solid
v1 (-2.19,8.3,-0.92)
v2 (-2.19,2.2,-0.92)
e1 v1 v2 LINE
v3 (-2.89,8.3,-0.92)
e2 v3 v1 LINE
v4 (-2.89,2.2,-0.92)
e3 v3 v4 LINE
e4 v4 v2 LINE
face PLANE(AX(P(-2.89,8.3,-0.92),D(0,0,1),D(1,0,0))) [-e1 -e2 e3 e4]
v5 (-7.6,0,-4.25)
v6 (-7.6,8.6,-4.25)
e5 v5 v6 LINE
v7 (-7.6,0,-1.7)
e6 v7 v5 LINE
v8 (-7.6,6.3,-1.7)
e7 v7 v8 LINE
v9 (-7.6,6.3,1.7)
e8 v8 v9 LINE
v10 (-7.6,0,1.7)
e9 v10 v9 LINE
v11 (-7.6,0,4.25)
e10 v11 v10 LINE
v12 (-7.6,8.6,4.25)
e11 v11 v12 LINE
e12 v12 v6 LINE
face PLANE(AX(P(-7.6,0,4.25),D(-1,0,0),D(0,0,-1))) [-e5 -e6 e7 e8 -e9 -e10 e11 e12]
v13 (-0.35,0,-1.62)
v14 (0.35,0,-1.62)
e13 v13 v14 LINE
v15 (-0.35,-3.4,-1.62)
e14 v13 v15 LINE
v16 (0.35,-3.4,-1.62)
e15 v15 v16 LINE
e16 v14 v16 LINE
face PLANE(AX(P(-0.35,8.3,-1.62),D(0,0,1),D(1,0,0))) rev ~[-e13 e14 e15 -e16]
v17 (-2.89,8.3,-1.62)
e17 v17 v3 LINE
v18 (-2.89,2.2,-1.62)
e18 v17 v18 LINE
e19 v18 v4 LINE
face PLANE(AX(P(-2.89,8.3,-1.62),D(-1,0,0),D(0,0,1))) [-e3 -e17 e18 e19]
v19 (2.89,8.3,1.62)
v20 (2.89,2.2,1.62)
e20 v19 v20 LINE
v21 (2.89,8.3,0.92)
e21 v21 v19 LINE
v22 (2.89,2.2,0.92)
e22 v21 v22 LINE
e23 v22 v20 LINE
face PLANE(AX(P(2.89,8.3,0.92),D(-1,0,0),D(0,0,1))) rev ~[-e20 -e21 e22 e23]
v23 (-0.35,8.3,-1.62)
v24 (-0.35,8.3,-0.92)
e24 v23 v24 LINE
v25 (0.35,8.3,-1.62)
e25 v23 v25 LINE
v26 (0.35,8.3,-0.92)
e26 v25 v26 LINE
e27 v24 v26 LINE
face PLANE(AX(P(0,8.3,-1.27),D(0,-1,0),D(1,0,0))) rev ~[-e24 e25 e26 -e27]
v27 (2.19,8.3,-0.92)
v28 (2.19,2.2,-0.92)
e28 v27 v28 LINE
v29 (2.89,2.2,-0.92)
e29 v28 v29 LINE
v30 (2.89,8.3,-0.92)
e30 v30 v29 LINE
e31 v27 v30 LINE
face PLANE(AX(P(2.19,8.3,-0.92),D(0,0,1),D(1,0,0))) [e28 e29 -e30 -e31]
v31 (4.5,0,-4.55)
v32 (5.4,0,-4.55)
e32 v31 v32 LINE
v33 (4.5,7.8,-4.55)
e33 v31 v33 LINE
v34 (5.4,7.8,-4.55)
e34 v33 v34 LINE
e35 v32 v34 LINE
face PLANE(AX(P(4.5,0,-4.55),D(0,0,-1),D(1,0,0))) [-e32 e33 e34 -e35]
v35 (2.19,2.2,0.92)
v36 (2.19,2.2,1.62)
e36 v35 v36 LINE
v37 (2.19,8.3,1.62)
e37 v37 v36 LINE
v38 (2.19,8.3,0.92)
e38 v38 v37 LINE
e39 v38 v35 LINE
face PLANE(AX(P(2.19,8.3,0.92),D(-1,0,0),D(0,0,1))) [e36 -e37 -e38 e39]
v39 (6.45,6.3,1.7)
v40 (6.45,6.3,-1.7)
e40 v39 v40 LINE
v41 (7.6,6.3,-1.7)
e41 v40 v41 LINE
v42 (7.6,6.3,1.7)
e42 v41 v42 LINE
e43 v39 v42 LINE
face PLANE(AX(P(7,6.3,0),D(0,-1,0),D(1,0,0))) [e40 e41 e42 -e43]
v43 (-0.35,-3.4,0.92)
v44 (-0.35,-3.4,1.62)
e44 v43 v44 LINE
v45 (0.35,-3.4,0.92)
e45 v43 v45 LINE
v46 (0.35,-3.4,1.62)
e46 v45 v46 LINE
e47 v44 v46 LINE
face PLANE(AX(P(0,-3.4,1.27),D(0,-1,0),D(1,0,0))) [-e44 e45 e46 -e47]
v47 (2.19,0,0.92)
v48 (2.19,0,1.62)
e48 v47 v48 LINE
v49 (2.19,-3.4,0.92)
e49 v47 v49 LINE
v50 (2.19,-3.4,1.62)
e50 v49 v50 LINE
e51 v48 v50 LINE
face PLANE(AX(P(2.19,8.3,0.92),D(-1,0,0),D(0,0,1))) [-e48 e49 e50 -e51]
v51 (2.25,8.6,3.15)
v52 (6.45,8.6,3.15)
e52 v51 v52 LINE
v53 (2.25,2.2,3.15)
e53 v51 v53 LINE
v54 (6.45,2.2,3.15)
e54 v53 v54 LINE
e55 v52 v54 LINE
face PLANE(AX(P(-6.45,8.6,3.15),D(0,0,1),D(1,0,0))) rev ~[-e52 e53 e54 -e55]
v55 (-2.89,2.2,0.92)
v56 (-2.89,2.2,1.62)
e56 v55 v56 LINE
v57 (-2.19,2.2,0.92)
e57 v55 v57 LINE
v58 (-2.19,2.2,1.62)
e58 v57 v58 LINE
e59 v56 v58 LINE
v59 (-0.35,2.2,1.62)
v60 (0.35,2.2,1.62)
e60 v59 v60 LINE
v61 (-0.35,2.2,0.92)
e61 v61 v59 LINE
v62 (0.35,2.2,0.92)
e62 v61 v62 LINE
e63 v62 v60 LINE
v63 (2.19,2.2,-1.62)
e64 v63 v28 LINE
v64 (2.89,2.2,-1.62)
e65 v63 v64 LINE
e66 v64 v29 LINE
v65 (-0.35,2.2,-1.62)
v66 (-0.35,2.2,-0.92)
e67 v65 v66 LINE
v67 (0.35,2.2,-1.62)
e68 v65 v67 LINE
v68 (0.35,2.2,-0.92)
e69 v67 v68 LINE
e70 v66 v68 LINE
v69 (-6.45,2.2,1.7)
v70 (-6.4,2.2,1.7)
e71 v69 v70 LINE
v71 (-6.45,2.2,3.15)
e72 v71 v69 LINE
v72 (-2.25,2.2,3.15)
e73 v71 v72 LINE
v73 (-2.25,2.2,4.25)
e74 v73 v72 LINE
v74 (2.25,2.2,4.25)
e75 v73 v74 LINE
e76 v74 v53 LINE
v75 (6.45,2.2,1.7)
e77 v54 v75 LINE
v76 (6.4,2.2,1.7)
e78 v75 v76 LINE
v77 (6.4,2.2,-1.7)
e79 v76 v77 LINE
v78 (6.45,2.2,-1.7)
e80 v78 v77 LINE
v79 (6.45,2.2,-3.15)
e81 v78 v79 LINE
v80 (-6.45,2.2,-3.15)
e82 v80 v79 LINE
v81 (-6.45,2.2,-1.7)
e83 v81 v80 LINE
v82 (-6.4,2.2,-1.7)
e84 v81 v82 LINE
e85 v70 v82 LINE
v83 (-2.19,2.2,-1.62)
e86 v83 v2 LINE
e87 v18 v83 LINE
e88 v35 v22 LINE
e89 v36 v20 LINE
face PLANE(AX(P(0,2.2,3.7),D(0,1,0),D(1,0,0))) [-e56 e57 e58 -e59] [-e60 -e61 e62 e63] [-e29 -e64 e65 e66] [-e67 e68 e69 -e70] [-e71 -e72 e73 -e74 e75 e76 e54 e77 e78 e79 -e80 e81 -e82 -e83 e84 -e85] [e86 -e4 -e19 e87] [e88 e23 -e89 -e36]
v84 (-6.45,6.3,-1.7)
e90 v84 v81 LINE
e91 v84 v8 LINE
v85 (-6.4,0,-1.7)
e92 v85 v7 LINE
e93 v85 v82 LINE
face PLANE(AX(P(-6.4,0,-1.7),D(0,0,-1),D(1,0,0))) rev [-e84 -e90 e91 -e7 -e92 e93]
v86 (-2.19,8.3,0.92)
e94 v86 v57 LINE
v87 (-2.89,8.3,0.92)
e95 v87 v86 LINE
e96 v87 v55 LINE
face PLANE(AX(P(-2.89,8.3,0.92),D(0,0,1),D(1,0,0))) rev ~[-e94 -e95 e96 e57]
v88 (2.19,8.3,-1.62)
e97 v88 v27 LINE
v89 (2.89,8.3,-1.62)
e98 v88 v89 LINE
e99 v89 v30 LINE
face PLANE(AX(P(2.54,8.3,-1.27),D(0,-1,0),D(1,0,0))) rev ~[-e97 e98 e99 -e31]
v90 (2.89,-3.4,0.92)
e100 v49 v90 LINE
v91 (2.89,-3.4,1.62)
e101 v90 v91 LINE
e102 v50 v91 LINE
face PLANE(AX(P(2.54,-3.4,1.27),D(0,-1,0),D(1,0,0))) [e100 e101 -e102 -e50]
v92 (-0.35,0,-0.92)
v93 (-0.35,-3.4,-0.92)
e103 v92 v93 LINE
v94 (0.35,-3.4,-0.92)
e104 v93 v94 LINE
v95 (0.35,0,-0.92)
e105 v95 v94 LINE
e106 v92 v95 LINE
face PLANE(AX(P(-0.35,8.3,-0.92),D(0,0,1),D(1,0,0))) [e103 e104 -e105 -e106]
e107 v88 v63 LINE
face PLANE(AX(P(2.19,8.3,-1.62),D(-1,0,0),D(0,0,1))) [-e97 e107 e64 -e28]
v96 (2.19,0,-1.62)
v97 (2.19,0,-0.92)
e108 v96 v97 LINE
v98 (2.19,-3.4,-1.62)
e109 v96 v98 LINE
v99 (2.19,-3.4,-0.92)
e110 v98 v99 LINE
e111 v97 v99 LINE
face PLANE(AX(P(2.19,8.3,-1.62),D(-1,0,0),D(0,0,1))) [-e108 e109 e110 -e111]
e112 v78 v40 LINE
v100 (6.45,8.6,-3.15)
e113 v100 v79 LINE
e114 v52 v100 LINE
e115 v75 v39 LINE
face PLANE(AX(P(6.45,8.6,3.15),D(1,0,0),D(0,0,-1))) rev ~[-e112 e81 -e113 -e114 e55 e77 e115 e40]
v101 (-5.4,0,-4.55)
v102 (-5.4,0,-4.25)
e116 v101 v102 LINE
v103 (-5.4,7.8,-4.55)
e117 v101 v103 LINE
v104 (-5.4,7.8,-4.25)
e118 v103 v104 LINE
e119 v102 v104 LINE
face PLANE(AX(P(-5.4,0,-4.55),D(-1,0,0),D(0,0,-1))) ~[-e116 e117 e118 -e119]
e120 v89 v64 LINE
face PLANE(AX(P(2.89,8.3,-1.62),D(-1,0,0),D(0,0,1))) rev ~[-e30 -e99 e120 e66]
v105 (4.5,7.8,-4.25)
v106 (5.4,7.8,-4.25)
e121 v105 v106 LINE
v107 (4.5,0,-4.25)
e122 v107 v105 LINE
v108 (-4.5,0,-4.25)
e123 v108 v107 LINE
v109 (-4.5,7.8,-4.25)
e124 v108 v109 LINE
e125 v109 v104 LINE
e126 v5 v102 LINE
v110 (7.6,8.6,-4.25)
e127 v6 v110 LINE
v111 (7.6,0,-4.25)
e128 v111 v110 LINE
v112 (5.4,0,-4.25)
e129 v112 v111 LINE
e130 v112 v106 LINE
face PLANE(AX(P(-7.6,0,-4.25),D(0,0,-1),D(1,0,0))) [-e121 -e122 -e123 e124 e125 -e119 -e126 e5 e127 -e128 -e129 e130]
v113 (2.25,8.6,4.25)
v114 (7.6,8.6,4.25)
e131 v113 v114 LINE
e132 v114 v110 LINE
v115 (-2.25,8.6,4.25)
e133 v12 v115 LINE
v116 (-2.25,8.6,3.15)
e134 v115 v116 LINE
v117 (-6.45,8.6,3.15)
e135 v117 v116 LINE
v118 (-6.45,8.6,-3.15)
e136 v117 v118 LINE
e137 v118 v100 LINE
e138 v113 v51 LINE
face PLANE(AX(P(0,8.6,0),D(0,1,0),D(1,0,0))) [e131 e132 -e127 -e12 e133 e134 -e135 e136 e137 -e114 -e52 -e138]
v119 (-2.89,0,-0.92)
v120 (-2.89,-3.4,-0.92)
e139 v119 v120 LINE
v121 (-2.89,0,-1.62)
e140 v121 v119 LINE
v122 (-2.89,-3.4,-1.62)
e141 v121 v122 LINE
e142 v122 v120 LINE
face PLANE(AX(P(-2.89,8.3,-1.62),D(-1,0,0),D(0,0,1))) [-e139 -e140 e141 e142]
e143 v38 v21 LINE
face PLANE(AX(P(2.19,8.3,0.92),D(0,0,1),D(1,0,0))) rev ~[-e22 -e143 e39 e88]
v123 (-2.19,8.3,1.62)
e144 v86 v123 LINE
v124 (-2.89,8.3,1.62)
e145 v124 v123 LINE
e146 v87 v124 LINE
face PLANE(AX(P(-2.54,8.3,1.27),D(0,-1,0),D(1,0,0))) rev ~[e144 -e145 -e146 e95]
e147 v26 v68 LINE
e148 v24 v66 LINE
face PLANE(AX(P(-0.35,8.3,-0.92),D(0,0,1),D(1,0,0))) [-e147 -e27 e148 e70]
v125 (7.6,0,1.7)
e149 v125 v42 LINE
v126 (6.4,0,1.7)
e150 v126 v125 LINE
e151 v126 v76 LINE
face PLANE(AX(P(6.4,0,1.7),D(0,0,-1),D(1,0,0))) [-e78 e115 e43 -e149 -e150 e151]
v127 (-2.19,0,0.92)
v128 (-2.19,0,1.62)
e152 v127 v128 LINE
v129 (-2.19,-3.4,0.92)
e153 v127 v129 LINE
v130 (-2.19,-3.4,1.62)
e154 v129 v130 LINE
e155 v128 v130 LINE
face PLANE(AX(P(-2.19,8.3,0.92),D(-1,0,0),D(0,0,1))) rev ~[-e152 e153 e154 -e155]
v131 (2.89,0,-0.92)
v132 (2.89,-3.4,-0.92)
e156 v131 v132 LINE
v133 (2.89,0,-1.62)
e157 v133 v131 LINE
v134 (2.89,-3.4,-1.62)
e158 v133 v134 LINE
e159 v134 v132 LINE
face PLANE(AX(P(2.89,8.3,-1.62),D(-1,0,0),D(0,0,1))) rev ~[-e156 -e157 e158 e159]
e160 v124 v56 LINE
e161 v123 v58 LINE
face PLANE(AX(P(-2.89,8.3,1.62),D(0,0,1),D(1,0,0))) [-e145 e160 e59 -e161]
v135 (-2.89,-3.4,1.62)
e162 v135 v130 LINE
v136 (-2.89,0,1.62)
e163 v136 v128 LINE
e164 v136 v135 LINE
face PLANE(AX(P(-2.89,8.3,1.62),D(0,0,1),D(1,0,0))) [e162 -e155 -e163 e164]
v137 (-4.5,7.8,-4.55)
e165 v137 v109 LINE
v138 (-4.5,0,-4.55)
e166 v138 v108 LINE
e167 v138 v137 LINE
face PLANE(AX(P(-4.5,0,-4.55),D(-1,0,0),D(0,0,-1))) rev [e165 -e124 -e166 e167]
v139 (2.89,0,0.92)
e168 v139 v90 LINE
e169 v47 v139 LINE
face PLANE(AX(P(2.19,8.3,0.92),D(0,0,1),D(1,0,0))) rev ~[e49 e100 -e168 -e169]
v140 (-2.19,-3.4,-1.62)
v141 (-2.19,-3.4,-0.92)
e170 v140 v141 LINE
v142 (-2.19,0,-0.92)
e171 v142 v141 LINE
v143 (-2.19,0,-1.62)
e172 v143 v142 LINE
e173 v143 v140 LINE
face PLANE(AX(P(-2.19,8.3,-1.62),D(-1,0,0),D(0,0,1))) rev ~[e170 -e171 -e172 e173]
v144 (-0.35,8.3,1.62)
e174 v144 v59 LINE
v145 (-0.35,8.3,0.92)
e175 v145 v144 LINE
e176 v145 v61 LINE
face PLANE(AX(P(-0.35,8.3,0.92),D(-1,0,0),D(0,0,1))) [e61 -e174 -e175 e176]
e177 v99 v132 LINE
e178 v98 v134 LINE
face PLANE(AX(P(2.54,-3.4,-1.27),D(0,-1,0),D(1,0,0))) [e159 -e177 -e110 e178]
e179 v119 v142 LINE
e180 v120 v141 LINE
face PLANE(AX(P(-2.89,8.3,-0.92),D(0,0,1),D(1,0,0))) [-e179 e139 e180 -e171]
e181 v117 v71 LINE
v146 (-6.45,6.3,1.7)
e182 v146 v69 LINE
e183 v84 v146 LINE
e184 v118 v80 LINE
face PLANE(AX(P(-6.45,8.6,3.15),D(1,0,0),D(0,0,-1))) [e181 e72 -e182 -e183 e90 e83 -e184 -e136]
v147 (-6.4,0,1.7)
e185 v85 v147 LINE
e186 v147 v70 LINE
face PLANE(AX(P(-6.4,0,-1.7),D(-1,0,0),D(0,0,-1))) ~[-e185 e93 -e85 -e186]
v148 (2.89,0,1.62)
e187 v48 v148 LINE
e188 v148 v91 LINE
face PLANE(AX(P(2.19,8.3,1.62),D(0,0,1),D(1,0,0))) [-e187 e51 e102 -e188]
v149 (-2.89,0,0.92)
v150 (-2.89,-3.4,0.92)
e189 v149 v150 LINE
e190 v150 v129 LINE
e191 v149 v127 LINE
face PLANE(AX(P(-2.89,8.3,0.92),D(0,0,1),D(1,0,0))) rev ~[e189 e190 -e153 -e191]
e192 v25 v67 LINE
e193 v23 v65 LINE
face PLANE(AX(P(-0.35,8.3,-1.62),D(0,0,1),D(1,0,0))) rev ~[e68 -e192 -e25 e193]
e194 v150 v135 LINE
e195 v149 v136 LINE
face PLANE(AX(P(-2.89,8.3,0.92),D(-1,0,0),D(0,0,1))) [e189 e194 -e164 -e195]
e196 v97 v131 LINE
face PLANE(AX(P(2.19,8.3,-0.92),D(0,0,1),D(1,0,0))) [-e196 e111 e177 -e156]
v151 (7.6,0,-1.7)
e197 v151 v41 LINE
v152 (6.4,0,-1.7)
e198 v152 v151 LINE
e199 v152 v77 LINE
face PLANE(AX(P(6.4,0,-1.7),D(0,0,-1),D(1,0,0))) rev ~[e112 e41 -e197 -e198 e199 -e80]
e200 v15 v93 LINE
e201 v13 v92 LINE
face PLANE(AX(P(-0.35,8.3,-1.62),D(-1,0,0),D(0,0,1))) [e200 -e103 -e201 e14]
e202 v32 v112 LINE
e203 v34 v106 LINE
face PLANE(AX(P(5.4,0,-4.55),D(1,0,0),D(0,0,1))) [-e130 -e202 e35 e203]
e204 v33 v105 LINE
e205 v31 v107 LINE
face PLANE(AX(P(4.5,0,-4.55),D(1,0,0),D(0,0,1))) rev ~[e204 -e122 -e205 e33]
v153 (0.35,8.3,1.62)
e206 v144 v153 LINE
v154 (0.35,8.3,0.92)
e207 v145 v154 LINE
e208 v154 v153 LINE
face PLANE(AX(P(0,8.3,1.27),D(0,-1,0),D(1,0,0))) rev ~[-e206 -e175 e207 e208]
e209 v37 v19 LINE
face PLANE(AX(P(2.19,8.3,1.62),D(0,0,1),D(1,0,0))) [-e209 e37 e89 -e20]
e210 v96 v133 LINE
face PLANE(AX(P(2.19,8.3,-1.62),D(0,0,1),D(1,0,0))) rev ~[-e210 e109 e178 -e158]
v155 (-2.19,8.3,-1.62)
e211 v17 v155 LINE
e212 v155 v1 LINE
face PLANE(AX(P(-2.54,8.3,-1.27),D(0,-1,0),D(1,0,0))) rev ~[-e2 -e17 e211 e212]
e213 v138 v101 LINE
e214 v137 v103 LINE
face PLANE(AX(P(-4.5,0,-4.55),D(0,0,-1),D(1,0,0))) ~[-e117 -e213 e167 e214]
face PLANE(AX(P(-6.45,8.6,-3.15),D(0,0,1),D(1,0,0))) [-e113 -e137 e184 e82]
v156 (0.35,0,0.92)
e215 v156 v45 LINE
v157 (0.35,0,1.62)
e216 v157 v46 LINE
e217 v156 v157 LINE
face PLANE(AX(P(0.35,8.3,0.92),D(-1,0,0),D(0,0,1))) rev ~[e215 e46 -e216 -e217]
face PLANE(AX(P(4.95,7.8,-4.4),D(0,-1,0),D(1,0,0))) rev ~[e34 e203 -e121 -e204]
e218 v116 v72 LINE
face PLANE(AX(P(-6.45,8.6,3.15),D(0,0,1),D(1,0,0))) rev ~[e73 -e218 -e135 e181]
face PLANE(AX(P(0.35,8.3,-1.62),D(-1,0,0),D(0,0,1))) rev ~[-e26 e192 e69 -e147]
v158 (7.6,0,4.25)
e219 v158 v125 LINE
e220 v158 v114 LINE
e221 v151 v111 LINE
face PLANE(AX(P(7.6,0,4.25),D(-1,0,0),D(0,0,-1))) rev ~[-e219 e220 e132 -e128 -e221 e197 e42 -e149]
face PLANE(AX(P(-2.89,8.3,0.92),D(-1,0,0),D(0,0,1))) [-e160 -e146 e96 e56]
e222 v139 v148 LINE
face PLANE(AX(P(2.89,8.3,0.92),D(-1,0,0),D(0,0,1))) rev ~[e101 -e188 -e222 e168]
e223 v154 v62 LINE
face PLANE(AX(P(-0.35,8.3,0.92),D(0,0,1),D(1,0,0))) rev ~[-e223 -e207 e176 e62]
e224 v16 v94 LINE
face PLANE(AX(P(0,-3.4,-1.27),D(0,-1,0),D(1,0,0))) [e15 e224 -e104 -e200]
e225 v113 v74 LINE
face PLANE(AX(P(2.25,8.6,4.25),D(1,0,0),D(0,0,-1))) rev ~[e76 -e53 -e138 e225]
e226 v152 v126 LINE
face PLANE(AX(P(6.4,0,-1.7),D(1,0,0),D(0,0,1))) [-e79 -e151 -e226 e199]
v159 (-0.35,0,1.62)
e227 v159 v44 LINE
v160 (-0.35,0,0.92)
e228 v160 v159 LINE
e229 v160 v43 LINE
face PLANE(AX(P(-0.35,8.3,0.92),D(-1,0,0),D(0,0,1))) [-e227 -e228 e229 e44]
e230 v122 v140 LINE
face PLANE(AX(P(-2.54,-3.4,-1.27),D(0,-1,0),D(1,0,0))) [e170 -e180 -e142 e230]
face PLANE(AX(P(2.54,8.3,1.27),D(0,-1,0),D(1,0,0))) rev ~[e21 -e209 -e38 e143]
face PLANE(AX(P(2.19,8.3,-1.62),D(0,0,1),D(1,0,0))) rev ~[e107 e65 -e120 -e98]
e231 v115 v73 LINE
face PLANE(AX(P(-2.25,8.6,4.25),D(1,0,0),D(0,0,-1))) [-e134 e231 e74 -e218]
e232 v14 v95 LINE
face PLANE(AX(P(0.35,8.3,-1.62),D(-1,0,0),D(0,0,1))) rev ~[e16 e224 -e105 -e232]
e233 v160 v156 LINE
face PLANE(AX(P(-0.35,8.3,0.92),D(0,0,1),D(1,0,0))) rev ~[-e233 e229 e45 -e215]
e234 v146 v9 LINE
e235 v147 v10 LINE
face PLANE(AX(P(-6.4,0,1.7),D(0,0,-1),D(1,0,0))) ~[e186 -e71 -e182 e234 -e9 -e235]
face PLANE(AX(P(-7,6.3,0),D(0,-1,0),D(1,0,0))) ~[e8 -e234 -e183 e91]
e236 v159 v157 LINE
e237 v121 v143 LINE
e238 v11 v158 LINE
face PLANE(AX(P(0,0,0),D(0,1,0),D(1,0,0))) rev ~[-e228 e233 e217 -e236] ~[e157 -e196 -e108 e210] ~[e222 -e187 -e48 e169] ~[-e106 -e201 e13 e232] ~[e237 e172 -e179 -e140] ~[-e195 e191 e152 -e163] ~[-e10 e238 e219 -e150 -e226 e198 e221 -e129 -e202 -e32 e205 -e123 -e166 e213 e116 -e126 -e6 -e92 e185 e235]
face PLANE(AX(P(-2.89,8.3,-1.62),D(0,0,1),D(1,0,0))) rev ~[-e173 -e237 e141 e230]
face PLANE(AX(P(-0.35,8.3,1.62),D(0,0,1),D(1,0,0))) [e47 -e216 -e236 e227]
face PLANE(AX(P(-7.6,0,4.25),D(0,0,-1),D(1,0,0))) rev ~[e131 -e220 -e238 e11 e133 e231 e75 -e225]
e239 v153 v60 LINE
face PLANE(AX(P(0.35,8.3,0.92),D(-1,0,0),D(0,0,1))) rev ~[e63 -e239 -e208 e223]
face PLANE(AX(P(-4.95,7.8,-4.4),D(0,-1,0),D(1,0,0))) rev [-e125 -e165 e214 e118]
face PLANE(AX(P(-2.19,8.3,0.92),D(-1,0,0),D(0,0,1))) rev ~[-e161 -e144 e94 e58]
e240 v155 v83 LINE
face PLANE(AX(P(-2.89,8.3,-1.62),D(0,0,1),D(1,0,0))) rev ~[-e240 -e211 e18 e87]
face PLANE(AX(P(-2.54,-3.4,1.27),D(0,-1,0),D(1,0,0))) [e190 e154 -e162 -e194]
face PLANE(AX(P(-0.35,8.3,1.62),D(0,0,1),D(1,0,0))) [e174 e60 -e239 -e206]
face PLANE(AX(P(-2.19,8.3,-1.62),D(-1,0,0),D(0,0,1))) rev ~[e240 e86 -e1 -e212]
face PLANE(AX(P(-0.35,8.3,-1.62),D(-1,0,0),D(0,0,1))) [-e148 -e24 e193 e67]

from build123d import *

# Parameters (mm, degrees)
SKETCH1_W            = 15.2
SKETCH1_H            = 8.5
BOSS_EXTRUDE1_DEPTH  = 8.6
SKETCH2_W            = 12.9
SKETCH2_H            = 6.3
CUT_EXTRUDE1_DEPTH   = 6.4
SKETCH3_W            = 4.5
SKETCH3_H            = 1.1
CUT_EXTRUDE2_DEPTH   = 6.4
SKETCH4_W            = 1.2
SKETCH4_H            = 3.4
CUT_EXTRUDE3_DEPTH   = 6.3
SKETCH6_W            = 0.9
SKETCH6_H            = 0.3
BOSS_EXTRUDE2_DEPTH  = 7.8
BOSS_EXTRUDE3_START  = -8.3
SKETCH7_W            = 0.7
SKETCH7_H            = 0.7
BOSS_EXTRUDE3_DEPTH  = 11.7
LPATTERN1_COUNT      = 3
LPATTERN1_PITCH      = 2.54
LPATTERN1_COUNT_DIR2 = 2
LPATTERN1_PITCH_DIR2 = 2.54


with BuildPart() as part:
    # Sketch1 → Boss-Extrude1 (new body)
    with BuildSketch(Plane(origin=(0, 0, 0), x_dir=(1, 0, 0), z_dir=(0, 1, 0))):
        Rectangle(SKETCH1_W, SKETCH1_H)
    extrude(amount=BOSS_EXTRUDE1_DEPTH)

    # Sketch2 → Cut-Extrude1 (cut)
    with BuildSketch(Plane(origin=(0, 8.6, 0), x_dir=(1, 0, 0), z_dir=(0, 1, 0))):
        Rectangle(SKETCH2_W, SKETCH2_H)
    extrude(amount=-CUT_EXTRUDE1_DEPTH, mode=Mode.SUBTRACT)

    # Sketch3 → Cut-Extrude2 (cut)
    with BuildSketch(Plane(origin=(0, 8.6, 0), x_dir=(1, 0, 0), z_dir=(0, 1, 0))):
        with Locations((0, -3.7)):
            Rectangle(SKETCH3_W, SKETCH3_H)
    extrude(amount=-CUT_EXTRUDE2_DEPTH, mode=Mode.SUBTRACT)

    # Sketch4 → Cut-Extrude3 (cut)
    with BuildSketch(Plane.XZ):
        with Locations((7, 0)):
            Rectangle(SKETCH4_W, SKETCH4_H)
    cut_extrude3 = extrude(amount=-CUT_EXTRUDE3_DEPTH, mode=Mode.SUBTRACT)

    # Sketch6 → Boss-Extrude2 (add)
    with BuildSketch(Plane.XZ):
        with Locations((4.95, -4.4)):
            Rectangle(SKETCH6_W, SKETCH6_H)
    boss_extrude2 = extrude(amount=-BOSS_EXTRUDE2_DEPTH)

    # Mirror1: Cut-Extrude3, Boss-Extrude2 across plane
    add(cut_extrude3.mirror(Plane(origin=(0, 0, 0), x_dir=(0, 0, 1), z_dir=(1, 0, 0))), mode=Mode.SUBTRACT)
    add(boss_extrude2.mirror(Plane(origin=(0, 0, 0), x_dir=(0, 0, 1), z_dir=(1, 0, 0))))

    # Sketch7 → Boss-Extrude3 (add)
    with BuildSketch(Plane.XZ.offset(BOSS_EXTRUDE3_START)):
        with Locations((-2.54, -1.27)):
            Rectangle(SKETCH7_W, SKETCH7_H)
    boss_extrude3 = extrude(amount=BOSS_EXTRUDE3_DEPTH)

    # LPattern1: Boss-Extrude3 3 × 2
    with Locations(*[(i * LPATTERN1_PITCH, 0, j * LPATTERN1_PITCH_DIR2) for i in range(LPATTERN1_COUNT) for j in range(LPATTERN1_COUNT_DIR2) if (i, j) != (0, 0)]):
        add(boss_extrude3)


solid = part.part
